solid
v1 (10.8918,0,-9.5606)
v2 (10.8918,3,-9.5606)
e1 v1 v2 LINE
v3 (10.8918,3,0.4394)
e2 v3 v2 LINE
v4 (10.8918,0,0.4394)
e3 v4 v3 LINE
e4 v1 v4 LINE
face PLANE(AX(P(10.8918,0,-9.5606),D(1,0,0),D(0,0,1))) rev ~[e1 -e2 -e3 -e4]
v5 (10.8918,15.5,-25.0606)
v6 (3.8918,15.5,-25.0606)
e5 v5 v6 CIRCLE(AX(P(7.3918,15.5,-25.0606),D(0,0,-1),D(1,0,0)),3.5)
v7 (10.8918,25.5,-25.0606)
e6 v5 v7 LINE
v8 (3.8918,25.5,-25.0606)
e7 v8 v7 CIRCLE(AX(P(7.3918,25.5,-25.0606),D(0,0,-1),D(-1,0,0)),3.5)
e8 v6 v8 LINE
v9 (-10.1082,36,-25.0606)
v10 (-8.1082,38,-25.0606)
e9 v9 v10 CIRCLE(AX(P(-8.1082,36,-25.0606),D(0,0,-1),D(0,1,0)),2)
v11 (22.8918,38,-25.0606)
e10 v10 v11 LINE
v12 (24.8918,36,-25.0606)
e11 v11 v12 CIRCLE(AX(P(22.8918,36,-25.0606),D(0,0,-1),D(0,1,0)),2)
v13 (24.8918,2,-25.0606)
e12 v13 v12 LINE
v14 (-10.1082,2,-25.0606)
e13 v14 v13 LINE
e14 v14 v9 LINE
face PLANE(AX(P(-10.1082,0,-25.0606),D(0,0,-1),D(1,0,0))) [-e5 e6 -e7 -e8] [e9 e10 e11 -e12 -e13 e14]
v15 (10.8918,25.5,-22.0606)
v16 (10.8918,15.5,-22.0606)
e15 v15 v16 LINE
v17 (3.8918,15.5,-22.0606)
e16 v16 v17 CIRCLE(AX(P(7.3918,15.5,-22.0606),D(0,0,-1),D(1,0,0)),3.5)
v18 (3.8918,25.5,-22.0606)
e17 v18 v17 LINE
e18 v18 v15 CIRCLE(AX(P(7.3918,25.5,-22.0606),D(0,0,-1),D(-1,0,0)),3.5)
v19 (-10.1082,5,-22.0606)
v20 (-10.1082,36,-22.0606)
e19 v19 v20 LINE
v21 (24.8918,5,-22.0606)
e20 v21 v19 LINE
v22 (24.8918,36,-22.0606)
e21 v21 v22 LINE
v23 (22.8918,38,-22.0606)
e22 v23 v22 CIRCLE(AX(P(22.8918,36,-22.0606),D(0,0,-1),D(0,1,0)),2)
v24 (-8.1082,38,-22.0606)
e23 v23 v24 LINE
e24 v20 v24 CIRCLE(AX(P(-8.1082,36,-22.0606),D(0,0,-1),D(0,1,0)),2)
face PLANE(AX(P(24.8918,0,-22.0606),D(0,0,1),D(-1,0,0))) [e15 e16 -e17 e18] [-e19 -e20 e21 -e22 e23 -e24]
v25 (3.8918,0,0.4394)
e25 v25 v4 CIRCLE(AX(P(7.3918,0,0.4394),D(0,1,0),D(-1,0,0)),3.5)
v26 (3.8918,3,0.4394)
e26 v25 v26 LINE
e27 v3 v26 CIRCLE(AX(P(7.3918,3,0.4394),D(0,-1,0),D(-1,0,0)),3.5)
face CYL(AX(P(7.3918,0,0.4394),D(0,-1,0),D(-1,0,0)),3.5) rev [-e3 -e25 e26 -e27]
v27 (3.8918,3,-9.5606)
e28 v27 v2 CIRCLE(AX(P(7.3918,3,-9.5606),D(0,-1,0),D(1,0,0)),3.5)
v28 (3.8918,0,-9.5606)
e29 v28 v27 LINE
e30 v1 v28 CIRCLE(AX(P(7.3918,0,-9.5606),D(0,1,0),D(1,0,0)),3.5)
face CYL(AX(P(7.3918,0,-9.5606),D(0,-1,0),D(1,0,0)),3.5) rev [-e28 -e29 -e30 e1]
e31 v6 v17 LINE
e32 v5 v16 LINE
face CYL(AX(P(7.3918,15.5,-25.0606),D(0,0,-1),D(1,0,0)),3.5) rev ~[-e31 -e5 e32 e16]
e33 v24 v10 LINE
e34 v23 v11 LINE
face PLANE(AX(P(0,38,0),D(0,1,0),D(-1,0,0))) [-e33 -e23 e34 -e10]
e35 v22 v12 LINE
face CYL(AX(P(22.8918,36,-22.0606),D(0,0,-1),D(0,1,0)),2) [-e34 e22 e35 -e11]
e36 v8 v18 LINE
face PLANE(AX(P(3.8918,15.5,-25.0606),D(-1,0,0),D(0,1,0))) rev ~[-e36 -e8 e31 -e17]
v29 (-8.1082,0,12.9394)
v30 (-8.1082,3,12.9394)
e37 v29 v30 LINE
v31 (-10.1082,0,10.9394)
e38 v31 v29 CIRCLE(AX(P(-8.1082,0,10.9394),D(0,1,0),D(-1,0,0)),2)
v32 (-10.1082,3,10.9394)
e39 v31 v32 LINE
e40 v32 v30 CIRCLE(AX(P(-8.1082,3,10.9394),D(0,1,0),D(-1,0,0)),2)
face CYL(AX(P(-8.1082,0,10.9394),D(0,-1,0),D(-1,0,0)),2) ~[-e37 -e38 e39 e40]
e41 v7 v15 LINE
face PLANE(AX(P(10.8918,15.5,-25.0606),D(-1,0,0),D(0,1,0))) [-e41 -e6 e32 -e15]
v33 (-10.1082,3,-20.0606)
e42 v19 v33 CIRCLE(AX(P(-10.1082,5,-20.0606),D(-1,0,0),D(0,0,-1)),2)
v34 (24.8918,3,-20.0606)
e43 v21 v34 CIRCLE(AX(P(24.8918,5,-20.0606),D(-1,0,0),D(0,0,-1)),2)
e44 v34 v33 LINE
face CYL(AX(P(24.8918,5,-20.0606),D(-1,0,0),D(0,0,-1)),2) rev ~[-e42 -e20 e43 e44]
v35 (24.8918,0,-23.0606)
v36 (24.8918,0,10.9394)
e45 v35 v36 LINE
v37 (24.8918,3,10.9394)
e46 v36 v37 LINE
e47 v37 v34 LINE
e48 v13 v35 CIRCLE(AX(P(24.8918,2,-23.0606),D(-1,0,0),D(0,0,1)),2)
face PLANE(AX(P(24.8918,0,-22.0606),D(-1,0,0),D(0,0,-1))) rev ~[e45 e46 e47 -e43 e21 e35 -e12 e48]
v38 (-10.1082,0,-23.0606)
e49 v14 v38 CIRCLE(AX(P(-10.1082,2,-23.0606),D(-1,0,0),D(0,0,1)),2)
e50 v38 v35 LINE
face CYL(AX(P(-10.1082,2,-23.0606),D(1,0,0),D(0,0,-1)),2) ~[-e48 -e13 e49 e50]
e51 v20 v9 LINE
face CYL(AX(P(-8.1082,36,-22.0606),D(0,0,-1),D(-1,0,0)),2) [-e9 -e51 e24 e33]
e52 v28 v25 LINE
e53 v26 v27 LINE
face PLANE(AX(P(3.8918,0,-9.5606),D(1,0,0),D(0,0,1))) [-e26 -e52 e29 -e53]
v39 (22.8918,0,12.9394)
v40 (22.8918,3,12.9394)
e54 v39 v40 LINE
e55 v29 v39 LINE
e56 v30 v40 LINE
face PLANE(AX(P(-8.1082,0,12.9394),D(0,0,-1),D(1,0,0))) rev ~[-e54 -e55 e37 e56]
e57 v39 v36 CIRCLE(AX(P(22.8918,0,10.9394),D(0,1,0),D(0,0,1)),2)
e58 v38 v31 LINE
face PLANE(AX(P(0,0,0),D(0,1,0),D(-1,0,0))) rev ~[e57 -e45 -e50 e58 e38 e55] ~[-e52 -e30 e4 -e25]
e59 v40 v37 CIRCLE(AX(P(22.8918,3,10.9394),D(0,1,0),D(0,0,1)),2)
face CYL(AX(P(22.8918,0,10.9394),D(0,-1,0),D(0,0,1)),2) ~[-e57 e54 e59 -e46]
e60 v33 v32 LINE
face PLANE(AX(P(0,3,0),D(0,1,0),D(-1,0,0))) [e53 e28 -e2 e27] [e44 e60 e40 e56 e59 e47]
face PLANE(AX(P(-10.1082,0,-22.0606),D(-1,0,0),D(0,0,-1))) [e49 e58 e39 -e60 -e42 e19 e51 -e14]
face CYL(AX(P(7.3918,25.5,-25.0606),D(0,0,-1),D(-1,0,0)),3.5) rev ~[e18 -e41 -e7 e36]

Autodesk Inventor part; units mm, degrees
ref_plane "YZ Plane" through (0, 0, 0) normal (1, 0, 0) x (0, 1, 0)
ref_plane "XZ Plane" through (0, 0, 0) normal (0, 1, 0) x (-1, 0, 0)
ref_plane "XY Plane" through (0, 0, 0) normal (0, 0, 1) x (1, 0, 0)
sketch "스케치1" plane through (0, 0, 0) normal (0, 1, 0) x (-1, 0, 0)
  line L0 (8.1082, 12.9394) -> (-22.8918, 12.9394)
  line L1 (-24.8918, 10.9394) -> (-24.8918, -22.0606)
  line L2 (-24.8918, -22.0606) -> (10.1082, -22.0606)
  line L3 (10.1082, -22.0606) -> (10.1082, 10.9394)
  arc A0 (10.1082, 10.9394) -> (8.1082, 12.9394) centre (8.1082, 10.9394) ccw
  arc A1 (-22.8918, 12.9394) -> (-24.8918, 10.9394) centre (-22.8918, 10.9394) ccw
  line L4 (10.1082, -25.0606) -> (-24.8918, -25.0606)
  line L5 (10.1082, -22.0606) -> (10.1082, -25.0606)
  line L6 (-24.8918, -22.0606) -> (-24.8918, -25.0606)
  line L7 (-10.8918, -9.5606) -> (-10.8918, 0.4394)
  line L8 (-3.8918, -9.5606) -> (-3.8918, 0.4394)
  line L9 (-3.8918, 0.4394) -> (-10.8918, 0.4394)
  line L10 (-10.8918, -9.5606) -> (-3.8918, -9.5606)
  arc A2 (-10.8918, -9.5606) -> (-3.8918, -9.5606) centre (-7.3918, -9.5606) ccw
  arc A3 (-3.8918, 0.4394) -> (-10.8918, 0.4394) centre (-7.3918, 0.4394) ccw
  line L11 (-24.8918, 19.0606) -> (-24.8918, -10.9394)
  point P0 (0, 0)
  point P1 (-24.8918, 12.9394)
  point P2 (0, 0)
  point P3 (-3.8918, -4.5606)
  point P4 (-10.8918, -4.5606)
  point P5 (-7.3918, -23.5606)
  point P6 (-7.3918, -22.0606)
  point P7 (-7.3918, -13.0606)
  point P8 (-7.3918, 12.9394)
  point P9 (-7.3918, 3.9394)
  dimension "d0" = 35
  dimension "d1" = 35
  dimension "d2" = 2
  dimension "d3" = 2
  dimension "d14" = 3
  dimension "d20" = 10
  dimension "d21" = 7
  dimension "d22" = 14
  dimension "d23" = 14
  dimension "d24" = 14
  dimension "d26" = 9
extrude "돌출3" add sketch "스케치1" along normal blind 3 contours A0 L3 L2 L1 A1 L0 | L7 L9 L8 L10 | L10 A2 | A3 L9
extrude "돌출4" add sketch "스케치1" along normal blind 38 contours L5 L4 L6 L2
fillet "모깎기2" radius 2 4 edges at (24.8918, 38, -23.5606) (-10.1082, 38, -23.5606) (7.3918, 3, -22.0606) (7.3918, 0, -25.0606)
sketch "스케치6" plane through (24.8918, 2, -25.0606) normal (0, 0, -1) x (-1, 0, 0)
  line L0 (33, 36) -> (2, 36)
  line L1 (0, 34) -> (0, 1)
  line L2 (0, 1) -> (35, 1)
  line L3 (35, 1) -> (35, 34)
  arc A0 (35, 34) -> (33, 36) centre (33, 34) ccw
  arc A1 (2, 36) -> (0, 34) centre (2, 34) ccw
  line L4 (35, -2) -> (0, -2)
  line L5 (35, 1) -> (35, -2)
  line L6 (0, 1) -> (0, -2)
  line L7 (14, 13.5) -> (14, 23.5)
  line L8 (21, 13.5) -> (21, 23.5)
  line L9 (21, 23.5) -> (14, 23.5)
  line L10 (14, 13.5) -> (21, 13.5)
  arc A2 (14, 13.5) -> (21, 13.5) centre (17.5, 13.5) ccw
  arc A3 (21, 23.5) -> (14, 23.5) centre (17.5, 23.5) ccw
  line L11 (0, 42.063) -> (0, 12.063)
  line L12 (0, 0) -> (0, 34) projected
  line L13 (0, -2) -> (35, -2) projected
  point P0 (24.8918, -2)
  point P1 (24.6406, 23.0024)
  point P2 (0, 36)
  point P3 (24.6406, 23.0024)
  point P4 (14, 18.5)
  point P5 (21, 18.5)
  point P6 (17.2488, -0.5)
  point P7 (17.5, 1)
  point P8 (17.5, 10)
  point P9 (17.5, 36)
  point P10 (17.5, 27)
  dimension "d38" = 35
  dimension "d39" = 35
  dimension "d40" = 2
  dimension "d41" = 2
  dimension "d42" = 3
  dimension "d43" = 10
  dimension "d44" = 7
  dimension "d45" = 14
  dimension "d46" = 14
  dimension "d47" = 14
  dimension "d48" = 9
  dimension "d49" = 0
  dimension "d50" = 0
extrude "돌출5" cut sketch "스케치6" against normal blind 38 contours L7 L9 L8 L10 | L10 A2 | A3 L9
extrude "돌출6" cut sketch "스케치1" along normal blind 38 contours L7 L9 L8 L10 | L10 A2 | A3 L9
properties part number "L자 브라켓" material "강철, 합금"
